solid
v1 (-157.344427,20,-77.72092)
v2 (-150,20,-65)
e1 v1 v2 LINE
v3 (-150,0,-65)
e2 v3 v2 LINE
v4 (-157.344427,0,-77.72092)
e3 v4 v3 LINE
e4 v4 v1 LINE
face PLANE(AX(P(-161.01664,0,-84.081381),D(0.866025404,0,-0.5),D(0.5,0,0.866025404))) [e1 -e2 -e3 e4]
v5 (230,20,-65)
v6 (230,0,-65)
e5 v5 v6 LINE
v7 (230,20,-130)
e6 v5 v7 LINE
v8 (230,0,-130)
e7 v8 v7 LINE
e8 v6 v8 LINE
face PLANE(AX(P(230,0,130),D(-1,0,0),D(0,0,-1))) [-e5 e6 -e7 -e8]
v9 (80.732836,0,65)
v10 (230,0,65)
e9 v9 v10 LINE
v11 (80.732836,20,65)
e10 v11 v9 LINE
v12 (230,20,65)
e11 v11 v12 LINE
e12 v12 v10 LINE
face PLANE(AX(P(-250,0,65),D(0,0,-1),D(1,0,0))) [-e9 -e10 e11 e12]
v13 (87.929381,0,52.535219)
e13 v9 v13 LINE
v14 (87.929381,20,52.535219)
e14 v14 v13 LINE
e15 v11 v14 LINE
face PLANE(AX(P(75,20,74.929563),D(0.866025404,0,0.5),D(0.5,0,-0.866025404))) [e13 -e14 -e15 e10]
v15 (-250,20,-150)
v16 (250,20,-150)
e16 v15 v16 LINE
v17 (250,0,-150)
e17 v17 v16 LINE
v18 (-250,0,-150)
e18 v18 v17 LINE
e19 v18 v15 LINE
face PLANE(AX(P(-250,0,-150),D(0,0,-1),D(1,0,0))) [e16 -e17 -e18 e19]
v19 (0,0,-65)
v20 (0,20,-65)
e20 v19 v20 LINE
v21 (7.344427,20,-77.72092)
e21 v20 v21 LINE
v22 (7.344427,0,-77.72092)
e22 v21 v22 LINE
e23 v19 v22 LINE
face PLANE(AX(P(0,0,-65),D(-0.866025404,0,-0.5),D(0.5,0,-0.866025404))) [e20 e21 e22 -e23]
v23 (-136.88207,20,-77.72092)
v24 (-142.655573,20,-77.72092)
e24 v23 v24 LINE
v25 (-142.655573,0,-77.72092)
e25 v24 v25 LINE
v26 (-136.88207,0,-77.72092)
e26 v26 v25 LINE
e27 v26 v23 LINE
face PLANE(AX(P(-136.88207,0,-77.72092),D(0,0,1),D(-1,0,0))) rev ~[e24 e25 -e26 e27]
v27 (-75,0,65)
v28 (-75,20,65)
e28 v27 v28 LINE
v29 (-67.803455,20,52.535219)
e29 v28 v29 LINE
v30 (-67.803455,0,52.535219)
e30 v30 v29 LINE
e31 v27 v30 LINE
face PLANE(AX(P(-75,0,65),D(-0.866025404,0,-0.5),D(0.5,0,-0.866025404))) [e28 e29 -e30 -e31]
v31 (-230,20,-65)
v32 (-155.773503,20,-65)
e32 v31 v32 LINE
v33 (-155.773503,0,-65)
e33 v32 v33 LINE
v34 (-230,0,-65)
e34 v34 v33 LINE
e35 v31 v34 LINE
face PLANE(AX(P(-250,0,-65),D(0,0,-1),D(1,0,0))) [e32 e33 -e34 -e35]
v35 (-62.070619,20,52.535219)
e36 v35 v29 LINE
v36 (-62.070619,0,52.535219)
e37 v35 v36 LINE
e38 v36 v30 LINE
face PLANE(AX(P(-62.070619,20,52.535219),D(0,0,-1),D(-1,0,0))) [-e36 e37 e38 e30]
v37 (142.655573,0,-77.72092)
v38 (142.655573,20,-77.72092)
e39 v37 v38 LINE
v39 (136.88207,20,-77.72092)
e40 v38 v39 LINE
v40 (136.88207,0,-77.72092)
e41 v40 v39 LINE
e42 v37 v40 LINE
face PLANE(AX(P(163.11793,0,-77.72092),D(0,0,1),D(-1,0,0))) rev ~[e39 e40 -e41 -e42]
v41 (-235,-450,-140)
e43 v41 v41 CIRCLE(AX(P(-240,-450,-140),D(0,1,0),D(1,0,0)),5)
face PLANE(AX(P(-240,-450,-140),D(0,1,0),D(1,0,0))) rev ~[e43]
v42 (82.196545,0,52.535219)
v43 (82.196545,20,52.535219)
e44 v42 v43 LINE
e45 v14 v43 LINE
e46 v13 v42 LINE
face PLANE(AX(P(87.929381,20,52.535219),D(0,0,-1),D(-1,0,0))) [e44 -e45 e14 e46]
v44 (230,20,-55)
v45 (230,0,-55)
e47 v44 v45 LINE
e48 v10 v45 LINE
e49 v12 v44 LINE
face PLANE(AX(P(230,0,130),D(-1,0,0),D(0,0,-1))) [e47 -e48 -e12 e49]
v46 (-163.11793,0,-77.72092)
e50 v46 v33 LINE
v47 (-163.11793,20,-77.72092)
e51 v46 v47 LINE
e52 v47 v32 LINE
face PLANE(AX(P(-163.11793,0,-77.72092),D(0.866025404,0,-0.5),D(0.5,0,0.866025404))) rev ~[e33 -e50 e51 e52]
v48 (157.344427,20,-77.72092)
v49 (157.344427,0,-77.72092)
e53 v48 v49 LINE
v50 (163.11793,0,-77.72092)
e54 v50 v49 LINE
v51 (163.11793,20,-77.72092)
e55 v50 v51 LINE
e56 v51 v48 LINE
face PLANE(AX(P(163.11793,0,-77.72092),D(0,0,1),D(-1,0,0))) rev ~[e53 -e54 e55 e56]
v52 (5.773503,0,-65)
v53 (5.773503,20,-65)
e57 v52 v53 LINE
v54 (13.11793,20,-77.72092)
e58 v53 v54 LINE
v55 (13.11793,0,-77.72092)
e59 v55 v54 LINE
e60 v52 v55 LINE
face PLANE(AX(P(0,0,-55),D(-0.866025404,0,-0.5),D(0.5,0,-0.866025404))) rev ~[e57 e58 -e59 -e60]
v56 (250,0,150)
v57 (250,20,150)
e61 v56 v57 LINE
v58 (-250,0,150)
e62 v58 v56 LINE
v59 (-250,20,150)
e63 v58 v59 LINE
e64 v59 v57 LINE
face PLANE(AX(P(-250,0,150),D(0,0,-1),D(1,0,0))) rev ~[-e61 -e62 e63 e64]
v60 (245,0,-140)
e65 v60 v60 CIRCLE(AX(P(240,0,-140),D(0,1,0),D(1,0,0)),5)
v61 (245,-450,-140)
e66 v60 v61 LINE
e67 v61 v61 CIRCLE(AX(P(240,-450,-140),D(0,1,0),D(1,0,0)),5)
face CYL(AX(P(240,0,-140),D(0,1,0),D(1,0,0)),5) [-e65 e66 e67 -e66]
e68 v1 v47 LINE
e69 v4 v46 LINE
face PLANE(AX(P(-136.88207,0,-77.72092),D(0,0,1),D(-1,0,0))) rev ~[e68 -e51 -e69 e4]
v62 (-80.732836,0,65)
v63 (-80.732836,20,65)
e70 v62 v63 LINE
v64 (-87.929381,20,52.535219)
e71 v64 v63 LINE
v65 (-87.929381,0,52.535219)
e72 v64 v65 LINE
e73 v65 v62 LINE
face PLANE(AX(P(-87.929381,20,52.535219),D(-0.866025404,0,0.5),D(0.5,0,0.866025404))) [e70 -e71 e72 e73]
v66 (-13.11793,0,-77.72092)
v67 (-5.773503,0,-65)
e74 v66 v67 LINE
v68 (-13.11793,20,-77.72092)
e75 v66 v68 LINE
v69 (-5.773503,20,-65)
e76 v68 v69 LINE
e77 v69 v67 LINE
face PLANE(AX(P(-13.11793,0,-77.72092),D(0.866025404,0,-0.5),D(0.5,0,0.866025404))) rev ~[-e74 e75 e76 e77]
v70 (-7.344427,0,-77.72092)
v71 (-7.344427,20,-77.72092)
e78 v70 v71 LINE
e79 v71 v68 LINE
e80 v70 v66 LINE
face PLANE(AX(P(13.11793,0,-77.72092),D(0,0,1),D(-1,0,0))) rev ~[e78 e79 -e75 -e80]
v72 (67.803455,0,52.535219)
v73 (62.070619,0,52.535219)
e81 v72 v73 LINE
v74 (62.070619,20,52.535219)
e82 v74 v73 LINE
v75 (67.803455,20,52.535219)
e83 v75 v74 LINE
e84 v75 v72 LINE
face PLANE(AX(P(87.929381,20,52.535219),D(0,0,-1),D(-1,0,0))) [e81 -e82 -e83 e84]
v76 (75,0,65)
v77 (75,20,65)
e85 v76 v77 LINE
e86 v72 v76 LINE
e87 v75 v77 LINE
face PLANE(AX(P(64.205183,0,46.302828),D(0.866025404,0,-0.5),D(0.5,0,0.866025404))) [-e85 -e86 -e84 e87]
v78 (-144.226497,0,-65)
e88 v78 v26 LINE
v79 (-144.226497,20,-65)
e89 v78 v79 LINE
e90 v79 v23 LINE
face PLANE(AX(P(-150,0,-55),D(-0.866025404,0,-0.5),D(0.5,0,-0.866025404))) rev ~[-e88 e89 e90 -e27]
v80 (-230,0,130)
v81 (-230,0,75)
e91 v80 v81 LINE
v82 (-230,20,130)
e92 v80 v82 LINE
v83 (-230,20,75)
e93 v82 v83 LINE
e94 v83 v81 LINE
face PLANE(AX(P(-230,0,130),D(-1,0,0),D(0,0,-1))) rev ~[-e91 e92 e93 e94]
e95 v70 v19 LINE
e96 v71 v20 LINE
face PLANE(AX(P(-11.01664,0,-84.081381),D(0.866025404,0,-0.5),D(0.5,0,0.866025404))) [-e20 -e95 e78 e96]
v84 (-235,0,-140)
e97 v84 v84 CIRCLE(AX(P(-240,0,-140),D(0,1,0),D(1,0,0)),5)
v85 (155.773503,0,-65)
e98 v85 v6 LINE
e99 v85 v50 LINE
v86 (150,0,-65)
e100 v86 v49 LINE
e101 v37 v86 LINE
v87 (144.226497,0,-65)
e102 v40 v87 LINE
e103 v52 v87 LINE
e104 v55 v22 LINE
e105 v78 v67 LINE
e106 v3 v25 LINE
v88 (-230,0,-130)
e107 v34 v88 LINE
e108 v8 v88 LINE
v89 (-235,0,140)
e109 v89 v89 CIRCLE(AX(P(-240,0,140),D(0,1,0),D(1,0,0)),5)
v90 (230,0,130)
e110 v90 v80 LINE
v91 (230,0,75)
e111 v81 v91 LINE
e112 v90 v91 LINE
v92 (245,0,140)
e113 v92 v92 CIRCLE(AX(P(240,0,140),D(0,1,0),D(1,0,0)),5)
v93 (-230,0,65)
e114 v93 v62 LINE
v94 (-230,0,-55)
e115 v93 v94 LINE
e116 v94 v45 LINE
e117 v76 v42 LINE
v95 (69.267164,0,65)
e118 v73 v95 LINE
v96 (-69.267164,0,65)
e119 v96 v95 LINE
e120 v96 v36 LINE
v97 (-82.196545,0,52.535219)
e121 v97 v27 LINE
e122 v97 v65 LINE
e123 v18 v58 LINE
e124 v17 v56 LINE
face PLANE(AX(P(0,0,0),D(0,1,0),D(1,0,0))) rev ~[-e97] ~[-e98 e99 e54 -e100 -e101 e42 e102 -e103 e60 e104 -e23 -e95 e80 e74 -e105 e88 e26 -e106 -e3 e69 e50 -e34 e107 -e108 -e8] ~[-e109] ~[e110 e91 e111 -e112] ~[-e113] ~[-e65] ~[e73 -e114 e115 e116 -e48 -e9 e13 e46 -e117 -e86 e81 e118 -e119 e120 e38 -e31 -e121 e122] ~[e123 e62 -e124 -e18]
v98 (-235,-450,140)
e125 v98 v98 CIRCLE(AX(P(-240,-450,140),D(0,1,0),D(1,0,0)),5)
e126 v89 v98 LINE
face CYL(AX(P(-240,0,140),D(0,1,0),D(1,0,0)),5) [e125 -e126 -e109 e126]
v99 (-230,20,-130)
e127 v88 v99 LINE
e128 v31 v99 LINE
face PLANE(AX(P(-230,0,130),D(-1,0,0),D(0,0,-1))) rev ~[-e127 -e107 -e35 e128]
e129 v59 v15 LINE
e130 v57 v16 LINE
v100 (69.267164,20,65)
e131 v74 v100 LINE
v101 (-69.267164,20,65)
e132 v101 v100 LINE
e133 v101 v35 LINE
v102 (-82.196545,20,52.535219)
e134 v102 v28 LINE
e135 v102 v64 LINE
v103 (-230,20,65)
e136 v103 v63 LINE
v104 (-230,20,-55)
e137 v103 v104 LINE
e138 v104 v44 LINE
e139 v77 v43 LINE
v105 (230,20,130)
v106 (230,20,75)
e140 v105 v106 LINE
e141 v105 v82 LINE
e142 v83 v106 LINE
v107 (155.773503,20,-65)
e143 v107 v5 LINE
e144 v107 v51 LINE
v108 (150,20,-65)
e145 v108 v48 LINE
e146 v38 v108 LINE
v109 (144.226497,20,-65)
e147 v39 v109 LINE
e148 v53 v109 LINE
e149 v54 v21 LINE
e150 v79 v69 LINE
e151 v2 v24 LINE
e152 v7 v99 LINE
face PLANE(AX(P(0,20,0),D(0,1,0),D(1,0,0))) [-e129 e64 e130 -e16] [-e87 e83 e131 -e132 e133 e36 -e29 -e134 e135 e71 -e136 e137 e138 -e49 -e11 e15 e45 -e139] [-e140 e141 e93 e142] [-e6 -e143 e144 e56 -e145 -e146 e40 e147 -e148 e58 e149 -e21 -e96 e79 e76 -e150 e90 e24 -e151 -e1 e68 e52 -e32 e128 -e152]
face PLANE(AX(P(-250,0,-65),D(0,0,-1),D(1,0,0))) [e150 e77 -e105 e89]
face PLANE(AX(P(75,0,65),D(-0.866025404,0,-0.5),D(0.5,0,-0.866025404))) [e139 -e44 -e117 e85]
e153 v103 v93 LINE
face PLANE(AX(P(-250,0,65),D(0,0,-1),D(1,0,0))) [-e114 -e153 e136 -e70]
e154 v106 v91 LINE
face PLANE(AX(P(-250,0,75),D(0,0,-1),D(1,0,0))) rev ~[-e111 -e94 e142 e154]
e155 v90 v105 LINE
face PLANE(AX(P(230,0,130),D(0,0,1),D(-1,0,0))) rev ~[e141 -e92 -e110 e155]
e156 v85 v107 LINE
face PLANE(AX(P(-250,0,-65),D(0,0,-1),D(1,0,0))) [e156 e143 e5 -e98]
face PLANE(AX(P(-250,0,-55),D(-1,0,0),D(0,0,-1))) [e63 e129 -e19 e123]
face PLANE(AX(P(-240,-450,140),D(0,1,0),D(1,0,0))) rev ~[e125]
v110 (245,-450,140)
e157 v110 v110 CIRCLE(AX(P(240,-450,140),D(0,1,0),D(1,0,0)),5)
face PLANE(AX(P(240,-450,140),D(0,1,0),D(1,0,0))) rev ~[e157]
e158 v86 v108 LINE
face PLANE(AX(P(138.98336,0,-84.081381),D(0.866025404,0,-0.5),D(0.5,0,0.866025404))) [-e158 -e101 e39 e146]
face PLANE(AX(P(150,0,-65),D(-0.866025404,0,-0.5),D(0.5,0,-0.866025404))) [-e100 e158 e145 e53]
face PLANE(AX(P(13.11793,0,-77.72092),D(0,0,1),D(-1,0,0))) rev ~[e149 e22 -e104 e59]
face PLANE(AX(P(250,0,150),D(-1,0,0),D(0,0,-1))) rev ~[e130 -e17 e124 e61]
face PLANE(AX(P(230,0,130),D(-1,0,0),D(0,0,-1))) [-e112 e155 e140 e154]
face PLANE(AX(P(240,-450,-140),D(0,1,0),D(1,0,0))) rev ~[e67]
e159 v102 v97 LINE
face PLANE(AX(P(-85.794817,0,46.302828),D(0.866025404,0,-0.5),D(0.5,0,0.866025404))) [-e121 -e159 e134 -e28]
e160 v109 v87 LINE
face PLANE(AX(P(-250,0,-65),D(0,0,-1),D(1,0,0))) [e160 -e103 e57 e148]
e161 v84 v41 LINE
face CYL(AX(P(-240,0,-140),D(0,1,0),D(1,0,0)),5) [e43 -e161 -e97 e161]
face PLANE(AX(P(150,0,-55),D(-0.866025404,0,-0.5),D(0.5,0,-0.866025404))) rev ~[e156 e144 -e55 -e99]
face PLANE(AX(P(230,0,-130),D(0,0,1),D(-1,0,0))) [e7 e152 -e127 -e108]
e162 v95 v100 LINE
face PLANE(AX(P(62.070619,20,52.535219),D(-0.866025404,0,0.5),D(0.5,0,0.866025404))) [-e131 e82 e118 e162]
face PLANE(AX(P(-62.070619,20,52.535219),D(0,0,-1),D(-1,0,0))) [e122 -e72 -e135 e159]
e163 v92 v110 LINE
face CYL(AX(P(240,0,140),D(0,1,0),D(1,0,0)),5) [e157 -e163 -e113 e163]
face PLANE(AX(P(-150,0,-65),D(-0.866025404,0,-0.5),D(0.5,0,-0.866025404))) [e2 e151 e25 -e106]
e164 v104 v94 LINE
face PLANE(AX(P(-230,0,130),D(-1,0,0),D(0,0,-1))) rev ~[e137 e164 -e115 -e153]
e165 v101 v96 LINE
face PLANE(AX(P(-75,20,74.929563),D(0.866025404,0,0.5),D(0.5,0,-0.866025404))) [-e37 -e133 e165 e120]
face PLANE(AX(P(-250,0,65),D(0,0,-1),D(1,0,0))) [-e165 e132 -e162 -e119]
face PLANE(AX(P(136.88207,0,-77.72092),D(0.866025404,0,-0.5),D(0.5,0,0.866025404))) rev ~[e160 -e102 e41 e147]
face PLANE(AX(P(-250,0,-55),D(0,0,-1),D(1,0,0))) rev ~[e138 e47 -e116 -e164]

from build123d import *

# Parameters (mm, degrees)
SKETCH2_W           = 500
SKETCH2_H           = 300
BOSS_EXTRUDE1_DEPTH = 20
SKETCH5_R           = 5
BOSS_EXTRUDE2_DEPTH = 450
SKETCH7_W           = 460
SKETCH7_H           = 260
CUT_EXTRUDE1_DEPTH  = 20
SKETCH8_W           = 500
SKETCH8_H           = 10
BOSS_EXTRUDE3_DEPTH = 20
BOSS_EXTRUDE8_DEPTH = 20
BOSS_EXTRUDE9_DEPTH = 20
CUT_EXTRUDE6_DEPTH  = 20


with BuildPart() as part:
    # Sketch2 → Boss-Extrude1 (new body)
    with BuildSketch(Plane(origin=(0, 0, 0), x_dir=(1, 0, 0), z_dir=(0, 1, 0))):
        Rectangle(SKETCH2_W, SKETCH2_H)
    extrude(amount=BOSS_EXTRUDE1_DEPTH)

    # Sketch5 → Boss-Extrude2 (add)
    with BuildSketch(Plane(origin=(0, 0, 0), x_dir=(1, 0, 0), z_dir=(0, 1, 0))):
        with Locations((-240, 140)):
            Circle(SKETCH5_R)
        with Locations((240, 140)):
            Circle(SKETCH5_R)
        with Locations((-240, -140)):
            Circle(SKETCH5_R)
        with Locations((240, -140)):
            Circle(SKETCH5_R)
    extrude(amount=-BOSS_EXTRUDE2_DEPTH)

    # Sketch7 → Cut-Extrude1 (cut)
    with BuildSketch(Plane(origin=(0, 0, 0), x_dir=(-1, 0, 0), z_dir=(0, -1, 0))):
        Rectangle(SKETCH7_W, SKETCH7_H)
    extrude(amount=-CUT_EXTRUDE1_DEPTH, mode=Mode.SUBTRACT)

    # Sketch8 → Boss-Extrude3 (add)
    with BuildSketch(Plane(origin=(0, 0, 0), x_dir=(1, 0, 0), z_dir=(0, 1, 0))):
        with Locations((0, 60)):
            Rectangle(SKETCH8_W, SKETCH8_H)
        with Locations((0, -70)):
            Rectangle(SKETCH8_W, SKETCH8_H)
    extrude(amount=BOSS_EXTRUDE3_DEPTH)

    # Sketch13 → Boss-Extrude8 (add)
    with BuildSketch(Plane(origin=(0, 20, 0), x_dir=(1, 0, 0), z_dir=(0, 1, 0))):
        Polygon((75, -74.929562993), (87.929380819, -52.535218504), (62.070619181, -52.535218504), align=None)
        Polygon((-75, -74.929562993), (-62.070619181, -52.535218504), (-87.929380819, -52.535218504), align=None)
    extrude(amount=-BOSS_EXTRUDE8_DEPTH)

    # Sketch9 → Boss-Extrude9 (add)
    with BuildSketch(Plane(origin=(0, 0, 0), x_dir=(1, 0, 0), z_dir=(0, 1, 0))):
        Polygon((-150, 55), (-136.882070442, 77.720920485), (-163.117929558, 77.720920485), align=None)
        Polygon((13.117929558, 77.720920485), (-13.117929558, 77.720920485), (0, 55), align=None)
        Polygon((163.117929558, 77.720920485), (136.882070442, 77.720920485), (150, 55), align=None)
    extrude(amount=BOSS_EXTRUDE9_DEPTH)

    # Sketch14 → Cut-Extrude6 (cut)
    with BuildSketch(Plane(origin=(0, 0, 0), x_dir=(1, 0, 0), z_dir=(0, 1, 0))):
        Polygon((-150, 65), (-138.983359701, 84.081380727), (-161.016640299, 84.081380727), align=None)
        Polygon((0, 65), (11.016640299, 84.081380727), (-11.016640299, 84.081380727), align=None)
        Polygon((150, 65), (161.016640299, 84.081380727), (138.983359701, 84.081380727), align=None)
        Polygon((75, -65), (85.794817429, -46.302827755), (64.205182571, -46.302827755), align=None)
        Polygon((-75, -65), (-64.205182571, -46.302827755), (-85.794817429, -46.302827755), align=None)
    extrude(amount=CUT_EXTRUDE6_DEPTH, mode=Mode.SUBTRACT)


solid = part.part
